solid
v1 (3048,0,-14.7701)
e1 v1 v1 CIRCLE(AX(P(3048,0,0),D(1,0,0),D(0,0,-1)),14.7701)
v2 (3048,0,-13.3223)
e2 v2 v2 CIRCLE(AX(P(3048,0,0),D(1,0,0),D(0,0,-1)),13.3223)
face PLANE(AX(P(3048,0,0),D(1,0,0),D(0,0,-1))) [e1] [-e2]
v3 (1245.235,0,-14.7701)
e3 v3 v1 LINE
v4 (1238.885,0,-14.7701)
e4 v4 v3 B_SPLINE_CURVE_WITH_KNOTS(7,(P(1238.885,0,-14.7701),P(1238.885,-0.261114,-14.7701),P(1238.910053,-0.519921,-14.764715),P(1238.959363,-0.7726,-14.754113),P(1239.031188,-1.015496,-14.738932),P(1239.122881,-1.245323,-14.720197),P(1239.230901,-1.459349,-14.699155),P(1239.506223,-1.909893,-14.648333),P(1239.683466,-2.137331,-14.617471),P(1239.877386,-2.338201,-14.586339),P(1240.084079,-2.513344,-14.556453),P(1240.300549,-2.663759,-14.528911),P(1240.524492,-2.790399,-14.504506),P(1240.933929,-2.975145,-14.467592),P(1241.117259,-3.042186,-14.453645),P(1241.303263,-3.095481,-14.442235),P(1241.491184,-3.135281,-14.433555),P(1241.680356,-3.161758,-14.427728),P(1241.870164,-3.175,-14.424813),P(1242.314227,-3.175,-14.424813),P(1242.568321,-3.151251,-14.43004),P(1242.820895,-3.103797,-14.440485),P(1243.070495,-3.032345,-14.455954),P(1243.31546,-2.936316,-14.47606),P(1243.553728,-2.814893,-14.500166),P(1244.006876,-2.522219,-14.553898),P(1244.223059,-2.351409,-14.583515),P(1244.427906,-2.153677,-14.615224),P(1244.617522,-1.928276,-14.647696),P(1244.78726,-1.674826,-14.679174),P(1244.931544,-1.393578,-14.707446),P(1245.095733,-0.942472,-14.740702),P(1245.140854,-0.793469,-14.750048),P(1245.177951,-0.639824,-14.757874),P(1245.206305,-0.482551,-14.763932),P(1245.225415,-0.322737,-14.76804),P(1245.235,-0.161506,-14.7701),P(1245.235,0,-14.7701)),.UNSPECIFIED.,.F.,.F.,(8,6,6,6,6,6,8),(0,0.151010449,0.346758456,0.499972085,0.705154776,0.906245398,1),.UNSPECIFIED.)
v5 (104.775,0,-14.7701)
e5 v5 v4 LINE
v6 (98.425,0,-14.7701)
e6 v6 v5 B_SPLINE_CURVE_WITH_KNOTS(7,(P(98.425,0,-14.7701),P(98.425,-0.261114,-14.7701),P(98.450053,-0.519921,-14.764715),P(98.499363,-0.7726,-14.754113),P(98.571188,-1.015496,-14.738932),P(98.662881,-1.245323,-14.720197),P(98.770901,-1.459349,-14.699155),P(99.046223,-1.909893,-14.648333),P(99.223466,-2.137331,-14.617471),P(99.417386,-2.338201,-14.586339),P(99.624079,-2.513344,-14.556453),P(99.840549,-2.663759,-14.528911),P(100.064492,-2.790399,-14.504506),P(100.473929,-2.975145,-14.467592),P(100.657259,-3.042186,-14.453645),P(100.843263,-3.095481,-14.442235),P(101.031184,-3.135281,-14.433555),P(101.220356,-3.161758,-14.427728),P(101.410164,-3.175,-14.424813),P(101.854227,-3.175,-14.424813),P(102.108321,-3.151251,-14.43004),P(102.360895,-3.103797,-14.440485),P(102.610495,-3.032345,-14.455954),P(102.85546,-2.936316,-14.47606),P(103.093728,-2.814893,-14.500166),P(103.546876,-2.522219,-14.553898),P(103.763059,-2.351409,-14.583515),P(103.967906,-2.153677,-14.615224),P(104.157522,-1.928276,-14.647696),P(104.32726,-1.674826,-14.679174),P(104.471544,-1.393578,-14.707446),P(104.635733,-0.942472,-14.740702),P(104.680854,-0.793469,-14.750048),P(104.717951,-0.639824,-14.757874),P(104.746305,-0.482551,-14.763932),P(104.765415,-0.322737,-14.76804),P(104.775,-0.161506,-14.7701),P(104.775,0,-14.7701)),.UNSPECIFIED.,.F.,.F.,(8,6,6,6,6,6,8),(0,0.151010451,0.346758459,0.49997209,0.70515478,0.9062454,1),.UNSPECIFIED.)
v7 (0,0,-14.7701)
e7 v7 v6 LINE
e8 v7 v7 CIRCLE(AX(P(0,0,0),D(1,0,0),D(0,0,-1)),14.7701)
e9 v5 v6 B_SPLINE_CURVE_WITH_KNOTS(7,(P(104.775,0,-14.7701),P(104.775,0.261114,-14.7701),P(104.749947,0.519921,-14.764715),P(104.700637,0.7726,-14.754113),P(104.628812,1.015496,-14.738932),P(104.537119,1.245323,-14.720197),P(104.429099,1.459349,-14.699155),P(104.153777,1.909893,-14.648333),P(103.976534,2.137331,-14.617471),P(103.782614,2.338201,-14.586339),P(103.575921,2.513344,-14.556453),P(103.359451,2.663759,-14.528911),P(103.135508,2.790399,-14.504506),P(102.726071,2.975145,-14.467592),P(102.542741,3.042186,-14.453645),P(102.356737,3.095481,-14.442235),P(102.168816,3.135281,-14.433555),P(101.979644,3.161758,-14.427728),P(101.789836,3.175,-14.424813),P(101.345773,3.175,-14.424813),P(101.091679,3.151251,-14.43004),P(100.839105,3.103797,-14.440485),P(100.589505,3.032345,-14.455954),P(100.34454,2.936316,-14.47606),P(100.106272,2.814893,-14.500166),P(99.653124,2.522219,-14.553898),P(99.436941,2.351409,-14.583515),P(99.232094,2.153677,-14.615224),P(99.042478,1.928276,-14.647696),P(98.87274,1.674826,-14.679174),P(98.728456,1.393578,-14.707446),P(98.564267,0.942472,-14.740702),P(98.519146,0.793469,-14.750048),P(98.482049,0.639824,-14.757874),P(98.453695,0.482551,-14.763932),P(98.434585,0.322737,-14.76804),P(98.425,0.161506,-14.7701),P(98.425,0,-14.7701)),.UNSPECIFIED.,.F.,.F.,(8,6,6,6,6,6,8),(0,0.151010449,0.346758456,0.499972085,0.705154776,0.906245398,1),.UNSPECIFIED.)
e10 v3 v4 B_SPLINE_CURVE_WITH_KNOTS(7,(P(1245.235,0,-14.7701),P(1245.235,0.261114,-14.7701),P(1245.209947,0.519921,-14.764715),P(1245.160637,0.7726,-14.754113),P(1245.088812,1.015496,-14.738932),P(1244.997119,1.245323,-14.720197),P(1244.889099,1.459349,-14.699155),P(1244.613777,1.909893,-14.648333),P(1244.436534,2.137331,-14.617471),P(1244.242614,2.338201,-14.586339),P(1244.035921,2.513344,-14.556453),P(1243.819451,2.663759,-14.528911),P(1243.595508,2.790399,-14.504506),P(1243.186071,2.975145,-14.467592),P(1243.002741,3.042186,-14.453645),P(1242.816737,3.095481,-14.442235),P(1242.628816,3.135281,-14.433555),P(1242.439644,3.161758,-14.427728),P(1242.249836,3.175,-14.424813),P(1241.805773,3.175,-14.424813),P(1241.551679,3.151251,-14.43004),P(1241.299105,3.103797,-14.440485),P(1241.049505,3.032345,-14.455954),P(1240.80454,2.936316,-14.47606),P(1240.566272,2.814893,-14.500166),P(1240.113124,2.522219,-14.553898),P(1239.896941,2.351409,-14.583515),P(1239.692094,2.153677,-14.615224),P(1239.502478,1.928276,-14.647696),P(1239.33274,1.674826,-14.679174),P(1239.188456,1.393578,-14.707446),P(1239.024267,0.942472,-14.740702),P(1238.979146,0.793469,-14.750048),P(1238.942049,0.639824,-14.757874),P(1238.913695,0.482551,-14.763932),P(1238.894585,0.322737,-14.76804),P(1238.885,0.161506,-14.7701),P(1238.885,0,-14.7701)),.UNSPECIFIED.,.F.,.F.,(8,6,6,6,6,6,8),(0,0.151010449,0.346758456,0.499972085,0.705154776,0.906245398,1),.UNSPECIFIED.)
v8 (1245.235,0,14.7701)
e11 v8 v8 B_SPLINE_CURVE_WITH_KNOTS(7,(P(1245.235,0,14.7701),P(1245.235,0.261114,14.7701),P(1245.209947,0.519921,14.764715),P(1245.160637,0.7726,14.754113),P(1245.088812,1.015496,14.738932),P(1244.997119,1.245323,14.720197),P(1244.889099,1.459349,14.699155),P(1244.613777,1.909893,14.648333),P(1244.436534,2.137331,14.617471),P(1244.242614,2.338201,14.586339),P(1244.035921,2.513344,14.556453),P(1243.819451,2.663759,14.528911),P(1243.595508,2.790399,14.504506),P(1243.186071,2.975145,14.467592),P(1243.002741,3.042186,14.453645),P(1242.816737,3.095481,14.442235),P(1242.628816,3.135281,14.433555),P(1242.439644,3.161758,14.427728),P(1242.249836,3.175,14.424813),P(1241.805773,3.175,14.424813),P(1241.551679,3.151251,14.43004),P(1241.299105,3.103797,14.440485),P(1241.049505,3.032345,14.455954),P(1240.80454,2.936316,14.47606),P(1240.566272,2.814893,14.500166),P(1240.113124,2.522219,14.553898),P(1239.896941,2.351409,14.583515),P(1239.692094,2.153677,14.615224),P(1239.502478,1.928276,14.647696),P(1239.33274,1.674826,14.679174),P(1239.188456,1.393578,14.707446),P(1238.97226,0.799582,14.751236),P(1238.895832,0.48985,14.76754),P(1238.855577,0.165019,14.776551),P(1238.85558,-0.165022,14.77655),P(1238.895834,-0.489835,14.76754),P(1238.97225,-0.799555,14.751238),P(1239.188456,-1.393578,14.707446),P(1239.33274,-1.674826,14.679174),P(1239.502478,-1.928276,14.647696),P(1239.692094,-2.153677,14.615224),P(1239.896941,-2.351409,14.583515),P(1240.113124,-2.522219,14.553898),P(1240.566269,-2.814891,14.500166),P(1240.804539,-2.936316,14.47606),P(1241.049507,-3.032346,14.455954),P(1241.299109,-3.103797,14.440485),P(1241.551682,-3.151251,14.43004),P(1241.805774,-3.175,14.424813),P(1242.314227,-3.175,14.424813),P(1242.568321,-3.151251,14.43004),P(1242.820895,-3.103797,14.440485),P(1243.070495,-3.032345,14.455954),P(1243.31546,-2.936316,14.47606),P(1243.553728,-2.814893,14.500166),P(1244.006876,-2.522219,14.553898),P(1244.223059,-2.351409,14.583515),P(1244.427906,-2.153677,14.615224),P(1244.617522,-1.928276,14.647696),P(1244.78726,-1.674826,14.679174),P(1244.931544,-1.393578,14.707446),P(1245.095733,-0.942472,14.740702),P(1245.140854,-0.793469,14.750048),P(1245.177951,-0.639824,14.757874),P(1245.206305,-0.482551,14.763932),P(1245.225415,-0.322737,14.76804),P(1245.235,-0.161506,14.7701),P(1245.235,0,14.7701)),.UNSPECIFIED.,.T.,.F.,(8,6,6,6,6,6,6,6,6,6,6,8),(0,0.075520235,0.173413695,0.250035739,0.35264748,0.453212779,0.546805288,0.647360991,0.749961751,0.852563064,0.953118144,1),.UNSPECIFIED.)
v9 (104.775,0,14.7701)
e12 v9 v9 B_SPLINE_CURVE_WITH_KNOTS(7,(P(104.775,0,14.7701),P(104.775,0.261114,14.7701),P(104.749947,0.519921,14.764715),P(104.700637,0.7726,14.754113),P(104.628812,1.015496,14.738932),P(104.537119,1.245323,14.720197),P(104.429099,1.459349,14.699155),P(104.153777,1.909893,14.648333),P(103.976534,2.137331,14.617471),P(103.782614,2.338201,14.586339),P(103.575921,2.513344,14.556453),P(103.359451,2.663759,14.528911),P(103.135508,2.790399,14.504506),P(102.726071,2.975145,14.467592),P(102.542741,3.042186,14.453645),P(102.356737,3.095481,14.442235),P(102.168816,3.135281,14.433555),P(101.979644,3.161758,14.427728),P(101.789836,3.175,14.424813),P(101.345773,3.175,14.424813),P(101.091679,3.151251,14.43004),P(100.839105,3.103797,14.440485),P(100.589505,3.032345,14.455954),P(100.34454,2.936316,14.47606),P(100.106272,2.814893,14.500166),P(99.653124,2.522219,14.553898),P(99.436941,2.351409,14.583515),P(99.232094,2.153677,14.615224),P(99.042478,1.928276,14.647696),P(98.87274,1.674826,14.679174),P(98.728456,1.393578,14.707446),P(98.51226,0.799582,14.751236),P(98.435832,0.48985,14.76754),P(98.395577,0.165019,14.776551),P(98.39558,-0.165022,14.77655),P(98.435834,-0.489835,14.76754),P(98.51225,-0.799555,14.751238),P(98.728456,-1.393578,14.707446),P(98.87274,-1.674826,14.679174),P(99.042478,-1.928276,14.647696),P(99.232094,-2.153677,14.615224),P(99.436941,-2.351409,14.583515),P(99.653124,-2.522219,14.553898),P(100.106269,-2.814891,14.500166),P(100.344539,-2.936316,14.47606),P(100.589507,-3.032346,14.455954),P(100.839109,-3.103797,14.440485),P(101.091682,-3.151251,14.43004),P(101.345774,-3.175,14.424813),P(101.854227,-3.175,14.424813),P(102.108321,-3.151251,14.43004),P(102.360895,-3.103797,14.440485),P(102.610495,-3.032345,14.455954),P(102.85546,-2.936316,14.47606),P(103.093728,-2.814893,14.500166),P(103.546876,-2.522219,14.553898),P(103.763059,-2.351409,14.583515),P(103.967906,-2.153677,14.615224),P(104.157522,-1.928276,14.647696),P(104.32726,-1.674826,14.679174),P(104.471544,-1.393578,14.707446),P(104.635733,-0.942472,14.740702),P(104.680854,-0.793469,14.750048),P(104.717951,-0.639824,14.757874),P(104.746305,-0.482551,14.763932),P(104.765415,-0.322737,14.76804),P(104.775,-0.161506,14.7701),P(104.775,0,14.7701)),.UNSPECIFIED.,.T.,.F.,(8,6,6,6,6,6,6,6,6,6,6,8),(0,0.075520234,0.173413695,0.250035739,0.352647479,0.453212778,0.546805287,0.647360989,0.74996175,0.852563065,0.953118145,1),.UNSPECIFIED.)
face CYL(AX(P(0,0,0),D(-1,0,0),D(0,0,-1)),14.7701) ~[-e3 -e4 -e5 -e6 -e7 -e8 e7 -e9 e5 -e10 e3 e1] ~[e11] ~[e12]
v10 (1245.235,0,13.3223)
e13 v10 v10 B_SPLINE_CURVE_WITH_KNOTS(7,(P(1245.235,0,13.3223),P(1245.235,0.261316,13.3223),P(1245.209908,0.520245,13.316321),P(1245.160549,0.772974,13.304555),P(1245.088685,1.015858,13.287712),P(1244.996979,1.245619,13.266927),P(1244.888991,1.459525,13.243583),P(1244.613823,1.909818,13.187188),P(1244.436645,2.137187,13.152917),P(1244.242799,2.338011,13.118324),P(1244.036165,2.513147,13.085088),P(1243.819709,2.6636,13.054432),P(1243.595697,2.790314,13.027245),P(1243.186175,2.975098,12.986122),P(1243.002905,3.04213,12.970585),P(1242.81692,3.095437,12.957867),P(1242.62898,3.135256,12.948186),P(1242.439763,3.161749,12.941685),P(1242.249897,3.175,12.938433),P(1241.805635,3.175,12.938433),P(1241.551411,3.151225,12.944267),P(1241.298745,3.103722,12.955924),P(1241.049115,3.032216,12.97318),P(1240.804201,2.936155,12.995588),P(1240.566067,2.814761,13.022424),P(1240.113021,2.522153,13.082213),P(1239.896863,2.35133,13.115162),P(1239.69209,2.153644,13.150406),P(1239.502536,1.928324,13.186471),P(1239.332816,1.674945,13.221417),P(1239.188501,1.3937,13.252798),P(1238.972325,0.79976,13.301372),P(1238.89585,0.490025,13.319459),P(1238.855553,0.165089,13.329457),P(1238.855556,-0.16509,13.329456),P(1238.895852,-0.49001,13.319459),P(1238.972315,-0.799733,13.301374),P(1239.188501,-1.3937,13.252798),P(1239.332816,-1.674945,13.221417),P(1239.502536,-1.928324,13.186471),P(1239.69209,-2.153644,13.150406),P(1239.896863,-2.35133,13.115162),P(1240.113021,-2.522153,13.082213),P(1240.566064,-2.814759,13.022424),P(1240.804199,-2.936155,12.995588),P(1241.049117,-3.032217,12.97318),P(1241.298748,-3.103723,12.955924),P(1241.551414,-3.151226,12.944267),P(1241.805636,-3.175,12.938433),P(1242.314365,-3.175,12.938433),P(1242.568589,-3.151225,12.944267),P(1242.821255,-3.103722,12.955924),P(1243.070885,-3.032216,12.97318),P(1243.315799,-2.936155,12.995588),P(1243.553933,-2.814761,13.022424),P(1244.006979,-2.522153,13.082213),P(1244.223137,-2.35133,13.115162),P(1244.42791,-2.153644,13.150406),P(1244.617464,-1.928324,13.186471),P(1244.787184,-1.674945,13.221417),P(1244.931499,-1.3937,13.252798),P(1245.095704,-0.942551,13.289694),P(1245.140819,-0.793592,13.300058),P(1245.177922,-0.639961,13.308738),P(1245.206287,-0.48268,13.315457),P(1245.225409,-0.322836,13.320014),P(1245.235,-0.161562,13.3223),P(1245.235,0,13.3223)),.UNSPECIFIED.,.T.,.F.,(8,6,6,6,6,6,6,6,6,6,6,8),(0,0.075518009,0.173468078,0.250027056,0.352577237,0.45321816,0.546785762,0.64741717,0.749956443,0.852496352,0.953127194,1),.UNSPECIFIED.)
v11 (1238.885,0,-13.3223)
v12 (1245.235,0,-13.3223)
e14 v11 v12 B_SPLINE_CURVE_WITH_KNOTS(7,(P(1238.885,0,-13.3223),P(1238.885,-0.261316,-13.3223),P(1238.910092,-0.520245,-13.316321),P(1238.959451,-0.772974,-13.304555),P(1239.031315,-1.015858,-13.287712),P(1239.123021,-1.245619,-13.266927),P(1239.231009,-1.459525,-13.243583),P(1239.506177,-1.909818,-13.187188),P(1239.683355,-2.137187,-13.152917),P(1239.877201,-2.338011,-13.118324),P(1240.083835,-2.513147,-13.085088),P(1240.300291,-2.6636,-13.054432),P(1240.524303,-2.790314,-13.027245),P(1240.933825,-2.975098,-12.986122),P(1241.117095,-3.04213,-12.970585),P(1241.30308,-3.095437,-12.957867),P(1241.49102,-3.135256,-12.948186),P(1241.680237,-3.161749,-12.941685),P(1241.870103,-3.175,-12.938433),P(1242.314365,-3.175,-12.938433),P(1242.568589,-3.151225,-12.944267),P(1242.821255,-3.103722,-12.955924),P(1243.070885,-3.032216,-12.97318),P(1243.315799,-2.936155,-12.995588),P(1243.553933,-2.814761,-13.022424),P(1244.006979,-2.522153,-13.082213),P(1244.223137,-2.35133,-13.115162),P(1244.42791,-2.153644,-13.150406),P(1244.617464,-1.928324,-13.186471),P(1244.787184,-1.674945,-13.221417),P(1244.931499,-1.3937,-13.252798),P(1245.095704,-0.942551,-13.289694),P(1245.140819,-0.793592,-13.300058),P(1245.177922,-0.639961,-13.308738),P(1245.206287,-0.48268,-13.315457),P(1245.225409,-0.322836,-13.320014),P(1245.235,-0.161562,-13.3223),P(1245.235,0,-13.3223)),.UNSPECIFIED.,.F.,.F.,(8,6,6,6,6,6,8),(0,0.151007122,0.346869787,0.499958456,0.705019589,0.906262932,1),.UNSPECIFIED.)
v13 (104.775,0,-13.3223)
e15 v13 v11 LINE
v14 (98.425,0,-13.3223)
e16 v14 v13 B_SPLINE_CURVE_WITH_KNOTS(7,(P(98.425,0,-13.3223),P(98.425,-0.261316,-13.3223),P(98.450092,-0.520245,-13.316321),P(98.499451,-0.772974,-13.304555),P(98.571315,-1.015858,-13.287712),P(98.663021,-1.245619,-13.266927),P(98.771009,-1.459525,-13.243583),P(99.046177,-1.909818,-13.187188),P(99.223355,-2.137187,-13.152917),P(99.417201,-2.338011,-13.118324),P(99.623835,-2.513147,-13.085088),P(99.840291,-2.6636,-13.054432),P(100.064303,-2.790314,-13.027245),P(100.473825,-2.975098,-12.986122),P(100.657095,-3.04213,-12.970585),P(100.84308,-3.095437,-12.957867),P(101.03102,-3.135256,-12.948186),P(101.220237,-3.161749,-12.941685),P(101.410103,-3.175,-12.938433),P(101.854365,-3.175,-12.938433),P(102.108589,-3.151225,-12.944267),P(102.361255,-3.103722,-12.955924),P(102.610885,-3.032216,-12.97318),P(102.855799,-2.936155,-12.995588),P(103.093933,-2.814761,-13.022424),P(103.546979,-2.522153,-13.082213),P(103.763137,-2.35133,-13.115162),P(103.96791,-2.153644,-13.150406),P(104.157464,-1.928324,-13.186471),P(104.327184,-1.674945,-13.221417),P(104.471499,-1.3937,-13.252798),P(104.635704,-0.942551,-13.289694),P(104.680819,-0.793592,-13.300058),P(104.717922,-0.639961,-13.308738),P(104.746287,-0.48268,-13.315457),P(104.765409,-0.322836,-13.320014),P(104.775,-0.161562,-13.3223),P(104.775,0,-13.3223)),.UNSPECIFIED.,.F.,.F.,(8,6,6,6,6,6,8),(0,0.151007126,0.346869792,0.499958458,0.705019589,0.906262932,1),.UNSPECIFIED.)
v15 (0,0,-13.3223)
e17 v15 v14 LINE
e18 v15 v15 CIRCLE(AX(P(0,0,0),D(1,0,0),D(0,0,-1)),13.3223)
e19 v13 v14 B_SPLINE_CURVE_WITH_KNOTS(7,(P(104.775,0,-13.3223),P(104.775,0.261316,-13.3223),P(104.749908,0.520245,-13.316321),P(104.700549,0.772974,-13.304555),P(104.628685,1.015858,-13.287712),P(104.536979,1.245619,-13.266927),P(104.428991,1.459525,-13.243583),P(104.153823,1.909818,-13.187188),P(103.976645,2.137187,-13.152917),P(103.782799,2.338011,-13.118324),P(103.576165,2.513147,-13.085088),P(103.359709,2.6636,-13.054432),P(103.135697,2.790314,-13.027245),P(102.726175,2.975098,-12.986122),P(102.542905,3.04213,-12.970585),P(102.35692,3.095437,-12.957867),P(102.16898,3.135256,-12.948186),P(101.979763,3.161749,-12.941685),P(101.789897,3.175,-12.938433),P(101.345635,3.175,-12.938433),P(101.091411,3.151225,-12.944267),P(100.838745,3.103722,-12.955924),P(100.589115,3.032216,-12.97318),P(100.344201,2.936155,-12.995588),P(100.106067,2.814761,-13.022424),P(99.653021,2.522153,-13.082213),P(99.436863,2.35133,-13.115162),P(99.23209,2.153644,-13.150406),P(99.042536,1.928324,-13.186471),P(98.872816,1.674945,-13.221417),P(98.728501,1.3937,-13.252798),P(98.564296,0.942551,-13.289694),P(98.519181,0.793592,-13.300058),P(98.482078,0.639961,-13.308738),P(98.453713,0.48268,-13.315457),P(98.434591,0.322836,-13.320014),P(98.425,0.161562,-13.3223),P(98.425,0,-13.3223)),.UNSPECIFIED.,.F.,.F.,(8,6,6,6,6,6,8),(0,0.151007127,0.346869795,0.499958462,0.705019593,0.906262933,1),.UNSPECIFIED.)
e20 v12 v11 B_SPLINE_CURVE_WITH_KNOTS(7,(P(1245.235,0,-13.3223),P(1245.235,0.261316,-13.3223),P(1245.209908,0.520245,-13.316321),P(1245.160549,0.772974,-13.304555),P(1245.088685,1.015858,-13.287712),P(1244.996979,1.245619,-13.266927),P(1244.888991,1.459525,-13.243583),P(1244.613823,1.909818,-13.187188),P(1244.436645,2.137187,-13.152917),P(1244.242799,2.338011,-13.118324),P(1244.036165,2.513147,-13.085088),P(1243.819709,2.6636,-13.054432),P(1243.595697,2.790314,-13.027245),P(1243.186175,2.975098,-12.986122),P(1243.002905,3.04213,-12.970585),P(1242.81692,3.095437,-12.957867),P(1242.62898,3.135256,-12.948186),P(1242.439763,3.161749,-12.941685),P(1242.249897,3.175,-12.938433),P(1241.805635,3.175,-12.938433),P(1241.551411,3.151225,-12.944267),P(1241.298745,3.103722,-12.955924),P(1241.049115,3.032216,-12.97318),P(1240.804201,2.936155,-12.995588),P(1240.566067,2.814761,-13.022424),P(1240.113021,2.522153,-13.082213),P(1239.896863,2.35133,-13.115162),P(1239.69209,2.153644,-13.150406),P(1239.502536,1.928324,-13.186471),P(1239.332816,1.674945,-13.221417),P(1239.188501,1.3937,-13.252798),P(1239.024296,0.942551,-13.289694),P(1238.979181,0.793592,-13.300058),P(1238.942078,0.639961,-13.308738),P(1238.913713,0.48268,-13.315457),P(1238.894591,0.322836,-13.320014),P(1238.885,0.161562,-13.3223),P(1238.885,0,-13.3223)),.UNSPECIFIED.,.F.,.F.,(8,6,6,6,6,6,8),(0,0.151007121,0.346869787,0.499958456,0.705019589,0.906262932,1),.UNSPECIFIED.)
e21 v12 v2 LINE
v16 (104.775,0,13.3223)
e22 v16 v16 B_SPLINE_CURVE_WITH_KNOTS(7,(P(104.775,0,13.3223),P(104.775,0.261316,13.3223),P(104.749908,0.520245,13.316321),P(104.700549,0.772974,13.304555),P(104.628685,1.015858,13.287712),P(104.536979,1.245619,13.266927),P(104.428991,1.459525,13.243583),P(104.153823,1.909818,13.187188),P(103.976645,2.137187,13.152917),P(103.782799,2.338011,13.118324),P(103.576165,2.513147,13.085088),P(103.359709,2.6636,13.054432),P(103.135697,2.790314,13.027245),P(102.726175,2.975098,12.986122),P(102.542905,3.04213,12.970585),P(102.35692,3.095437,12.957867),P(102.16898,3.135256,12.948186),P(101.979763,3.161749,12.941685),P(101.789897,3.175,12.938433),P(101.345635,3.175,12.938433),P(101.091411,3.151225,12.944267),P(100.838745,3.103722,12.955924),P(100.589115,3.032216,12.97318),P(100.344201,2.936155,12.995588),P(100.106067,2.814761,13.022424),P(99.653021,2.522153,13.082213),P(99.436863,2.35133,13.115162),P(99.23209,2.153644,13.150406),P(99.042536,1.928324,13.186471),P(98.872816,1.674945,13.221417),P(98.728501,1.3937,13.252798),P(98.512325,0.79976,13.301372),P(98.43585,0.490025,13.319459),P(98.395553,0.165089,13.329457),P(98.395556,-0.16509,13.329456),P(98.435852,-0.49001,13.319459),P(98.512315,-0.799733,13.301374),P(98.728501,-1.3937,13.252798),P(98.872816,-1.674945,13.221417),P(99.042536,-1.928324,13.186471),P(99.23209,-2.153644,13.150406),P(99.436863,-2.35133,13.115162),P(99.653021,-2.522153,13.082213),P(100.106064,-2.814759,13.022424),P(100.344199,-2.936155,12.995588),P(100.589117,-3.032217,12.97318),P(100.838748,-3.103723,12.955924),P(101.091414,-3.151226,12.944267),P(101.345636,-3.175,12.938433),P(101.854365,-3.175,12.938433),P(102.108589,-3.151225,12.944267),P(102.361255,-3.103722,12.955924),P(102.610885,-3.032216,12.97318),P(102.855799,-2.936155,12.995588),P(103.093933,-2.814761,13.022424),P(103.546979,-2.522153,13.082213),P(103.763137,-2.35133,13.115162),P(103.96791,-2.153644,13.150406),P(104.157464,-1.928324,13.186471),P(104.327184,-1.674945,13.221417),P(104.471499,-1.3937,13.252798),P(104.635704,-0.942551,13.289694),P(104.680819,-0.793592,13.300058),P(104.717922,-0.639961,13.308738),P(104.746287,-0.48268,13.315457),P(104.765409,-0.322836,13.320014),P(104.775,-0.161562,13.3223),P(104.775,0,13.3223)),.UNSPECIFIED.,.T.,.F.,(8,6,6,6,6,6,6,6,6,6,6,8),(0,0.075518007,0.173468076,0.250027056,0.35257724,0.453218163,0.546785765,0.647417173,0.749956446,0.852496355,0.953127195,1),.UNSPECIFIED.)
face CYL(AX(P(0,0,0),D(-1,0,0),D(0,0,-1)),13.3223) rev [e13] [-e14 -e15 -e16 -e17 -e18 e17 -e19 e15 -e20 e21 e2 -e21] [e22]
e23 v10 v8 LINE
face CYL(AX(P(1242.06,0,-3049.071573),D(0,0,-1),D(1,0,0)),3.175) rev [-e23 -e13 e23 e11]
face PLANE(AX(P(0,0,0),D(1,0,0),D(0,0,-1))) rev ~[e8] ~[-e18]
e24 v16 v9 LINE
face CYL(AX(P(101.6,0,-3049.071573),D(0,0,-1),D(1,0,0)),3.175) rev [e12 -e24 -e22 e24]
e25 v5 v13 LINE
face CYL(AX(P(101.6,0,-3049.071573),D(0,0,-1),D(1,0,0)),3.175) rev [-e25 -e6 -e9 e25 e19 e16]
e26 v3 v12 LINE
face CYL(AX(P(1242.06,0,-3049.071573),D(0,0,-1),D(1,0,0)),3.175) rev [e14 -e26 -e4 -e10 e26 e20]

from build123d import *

# Parameters (mm, degrees)
SKETCH3_R               = 14.7701
SKETCH3_R_2             = 13.3223
BOSS_EXTRUDE1_DEPTH     = 3048
CUT_EXTRUDE1_DEPTH      = 3049.071572603
CUT_EXTRUDE1_DEPTH_BACK = 3049.071572603
SKETCH6_R               = 3.175


with BuildPart() as part:
    # Sketch3 → Boss-Extrude1 (new body)
    with BuildSketch(Plane(origin=(0, 0, 0), x_dir=(0, 0, -1), z_dir=(1, 0, 0))):
        Circle(SKETCH3_R)
        Circle(SKETCH3_R_2, mode=Mode.SUBTRACT)
    extrude(amount=BOSS_EXTRUDE1_DEPTH)

    # Sketch6 → Cut-Extrude1 (cut, two sides: drawn at the far end of the back side and taken through both)
    with BuildSketch(Plane.XY.offset(-CUT_EXTRUDE1_DEPTH_BACK)):
        with Locations((101.6, 0)):
            Circle(SKETCH6_R)
        with Locations((1242.06, 0)):
            Circle(SKETCH6_R)
    extrude(amount=CUT_EXTRUDE1_DEPTH + CUT_EXTRUDE1_DEPTH_BACK, mode=Mode.SUBTRACT)


solid = part.part
